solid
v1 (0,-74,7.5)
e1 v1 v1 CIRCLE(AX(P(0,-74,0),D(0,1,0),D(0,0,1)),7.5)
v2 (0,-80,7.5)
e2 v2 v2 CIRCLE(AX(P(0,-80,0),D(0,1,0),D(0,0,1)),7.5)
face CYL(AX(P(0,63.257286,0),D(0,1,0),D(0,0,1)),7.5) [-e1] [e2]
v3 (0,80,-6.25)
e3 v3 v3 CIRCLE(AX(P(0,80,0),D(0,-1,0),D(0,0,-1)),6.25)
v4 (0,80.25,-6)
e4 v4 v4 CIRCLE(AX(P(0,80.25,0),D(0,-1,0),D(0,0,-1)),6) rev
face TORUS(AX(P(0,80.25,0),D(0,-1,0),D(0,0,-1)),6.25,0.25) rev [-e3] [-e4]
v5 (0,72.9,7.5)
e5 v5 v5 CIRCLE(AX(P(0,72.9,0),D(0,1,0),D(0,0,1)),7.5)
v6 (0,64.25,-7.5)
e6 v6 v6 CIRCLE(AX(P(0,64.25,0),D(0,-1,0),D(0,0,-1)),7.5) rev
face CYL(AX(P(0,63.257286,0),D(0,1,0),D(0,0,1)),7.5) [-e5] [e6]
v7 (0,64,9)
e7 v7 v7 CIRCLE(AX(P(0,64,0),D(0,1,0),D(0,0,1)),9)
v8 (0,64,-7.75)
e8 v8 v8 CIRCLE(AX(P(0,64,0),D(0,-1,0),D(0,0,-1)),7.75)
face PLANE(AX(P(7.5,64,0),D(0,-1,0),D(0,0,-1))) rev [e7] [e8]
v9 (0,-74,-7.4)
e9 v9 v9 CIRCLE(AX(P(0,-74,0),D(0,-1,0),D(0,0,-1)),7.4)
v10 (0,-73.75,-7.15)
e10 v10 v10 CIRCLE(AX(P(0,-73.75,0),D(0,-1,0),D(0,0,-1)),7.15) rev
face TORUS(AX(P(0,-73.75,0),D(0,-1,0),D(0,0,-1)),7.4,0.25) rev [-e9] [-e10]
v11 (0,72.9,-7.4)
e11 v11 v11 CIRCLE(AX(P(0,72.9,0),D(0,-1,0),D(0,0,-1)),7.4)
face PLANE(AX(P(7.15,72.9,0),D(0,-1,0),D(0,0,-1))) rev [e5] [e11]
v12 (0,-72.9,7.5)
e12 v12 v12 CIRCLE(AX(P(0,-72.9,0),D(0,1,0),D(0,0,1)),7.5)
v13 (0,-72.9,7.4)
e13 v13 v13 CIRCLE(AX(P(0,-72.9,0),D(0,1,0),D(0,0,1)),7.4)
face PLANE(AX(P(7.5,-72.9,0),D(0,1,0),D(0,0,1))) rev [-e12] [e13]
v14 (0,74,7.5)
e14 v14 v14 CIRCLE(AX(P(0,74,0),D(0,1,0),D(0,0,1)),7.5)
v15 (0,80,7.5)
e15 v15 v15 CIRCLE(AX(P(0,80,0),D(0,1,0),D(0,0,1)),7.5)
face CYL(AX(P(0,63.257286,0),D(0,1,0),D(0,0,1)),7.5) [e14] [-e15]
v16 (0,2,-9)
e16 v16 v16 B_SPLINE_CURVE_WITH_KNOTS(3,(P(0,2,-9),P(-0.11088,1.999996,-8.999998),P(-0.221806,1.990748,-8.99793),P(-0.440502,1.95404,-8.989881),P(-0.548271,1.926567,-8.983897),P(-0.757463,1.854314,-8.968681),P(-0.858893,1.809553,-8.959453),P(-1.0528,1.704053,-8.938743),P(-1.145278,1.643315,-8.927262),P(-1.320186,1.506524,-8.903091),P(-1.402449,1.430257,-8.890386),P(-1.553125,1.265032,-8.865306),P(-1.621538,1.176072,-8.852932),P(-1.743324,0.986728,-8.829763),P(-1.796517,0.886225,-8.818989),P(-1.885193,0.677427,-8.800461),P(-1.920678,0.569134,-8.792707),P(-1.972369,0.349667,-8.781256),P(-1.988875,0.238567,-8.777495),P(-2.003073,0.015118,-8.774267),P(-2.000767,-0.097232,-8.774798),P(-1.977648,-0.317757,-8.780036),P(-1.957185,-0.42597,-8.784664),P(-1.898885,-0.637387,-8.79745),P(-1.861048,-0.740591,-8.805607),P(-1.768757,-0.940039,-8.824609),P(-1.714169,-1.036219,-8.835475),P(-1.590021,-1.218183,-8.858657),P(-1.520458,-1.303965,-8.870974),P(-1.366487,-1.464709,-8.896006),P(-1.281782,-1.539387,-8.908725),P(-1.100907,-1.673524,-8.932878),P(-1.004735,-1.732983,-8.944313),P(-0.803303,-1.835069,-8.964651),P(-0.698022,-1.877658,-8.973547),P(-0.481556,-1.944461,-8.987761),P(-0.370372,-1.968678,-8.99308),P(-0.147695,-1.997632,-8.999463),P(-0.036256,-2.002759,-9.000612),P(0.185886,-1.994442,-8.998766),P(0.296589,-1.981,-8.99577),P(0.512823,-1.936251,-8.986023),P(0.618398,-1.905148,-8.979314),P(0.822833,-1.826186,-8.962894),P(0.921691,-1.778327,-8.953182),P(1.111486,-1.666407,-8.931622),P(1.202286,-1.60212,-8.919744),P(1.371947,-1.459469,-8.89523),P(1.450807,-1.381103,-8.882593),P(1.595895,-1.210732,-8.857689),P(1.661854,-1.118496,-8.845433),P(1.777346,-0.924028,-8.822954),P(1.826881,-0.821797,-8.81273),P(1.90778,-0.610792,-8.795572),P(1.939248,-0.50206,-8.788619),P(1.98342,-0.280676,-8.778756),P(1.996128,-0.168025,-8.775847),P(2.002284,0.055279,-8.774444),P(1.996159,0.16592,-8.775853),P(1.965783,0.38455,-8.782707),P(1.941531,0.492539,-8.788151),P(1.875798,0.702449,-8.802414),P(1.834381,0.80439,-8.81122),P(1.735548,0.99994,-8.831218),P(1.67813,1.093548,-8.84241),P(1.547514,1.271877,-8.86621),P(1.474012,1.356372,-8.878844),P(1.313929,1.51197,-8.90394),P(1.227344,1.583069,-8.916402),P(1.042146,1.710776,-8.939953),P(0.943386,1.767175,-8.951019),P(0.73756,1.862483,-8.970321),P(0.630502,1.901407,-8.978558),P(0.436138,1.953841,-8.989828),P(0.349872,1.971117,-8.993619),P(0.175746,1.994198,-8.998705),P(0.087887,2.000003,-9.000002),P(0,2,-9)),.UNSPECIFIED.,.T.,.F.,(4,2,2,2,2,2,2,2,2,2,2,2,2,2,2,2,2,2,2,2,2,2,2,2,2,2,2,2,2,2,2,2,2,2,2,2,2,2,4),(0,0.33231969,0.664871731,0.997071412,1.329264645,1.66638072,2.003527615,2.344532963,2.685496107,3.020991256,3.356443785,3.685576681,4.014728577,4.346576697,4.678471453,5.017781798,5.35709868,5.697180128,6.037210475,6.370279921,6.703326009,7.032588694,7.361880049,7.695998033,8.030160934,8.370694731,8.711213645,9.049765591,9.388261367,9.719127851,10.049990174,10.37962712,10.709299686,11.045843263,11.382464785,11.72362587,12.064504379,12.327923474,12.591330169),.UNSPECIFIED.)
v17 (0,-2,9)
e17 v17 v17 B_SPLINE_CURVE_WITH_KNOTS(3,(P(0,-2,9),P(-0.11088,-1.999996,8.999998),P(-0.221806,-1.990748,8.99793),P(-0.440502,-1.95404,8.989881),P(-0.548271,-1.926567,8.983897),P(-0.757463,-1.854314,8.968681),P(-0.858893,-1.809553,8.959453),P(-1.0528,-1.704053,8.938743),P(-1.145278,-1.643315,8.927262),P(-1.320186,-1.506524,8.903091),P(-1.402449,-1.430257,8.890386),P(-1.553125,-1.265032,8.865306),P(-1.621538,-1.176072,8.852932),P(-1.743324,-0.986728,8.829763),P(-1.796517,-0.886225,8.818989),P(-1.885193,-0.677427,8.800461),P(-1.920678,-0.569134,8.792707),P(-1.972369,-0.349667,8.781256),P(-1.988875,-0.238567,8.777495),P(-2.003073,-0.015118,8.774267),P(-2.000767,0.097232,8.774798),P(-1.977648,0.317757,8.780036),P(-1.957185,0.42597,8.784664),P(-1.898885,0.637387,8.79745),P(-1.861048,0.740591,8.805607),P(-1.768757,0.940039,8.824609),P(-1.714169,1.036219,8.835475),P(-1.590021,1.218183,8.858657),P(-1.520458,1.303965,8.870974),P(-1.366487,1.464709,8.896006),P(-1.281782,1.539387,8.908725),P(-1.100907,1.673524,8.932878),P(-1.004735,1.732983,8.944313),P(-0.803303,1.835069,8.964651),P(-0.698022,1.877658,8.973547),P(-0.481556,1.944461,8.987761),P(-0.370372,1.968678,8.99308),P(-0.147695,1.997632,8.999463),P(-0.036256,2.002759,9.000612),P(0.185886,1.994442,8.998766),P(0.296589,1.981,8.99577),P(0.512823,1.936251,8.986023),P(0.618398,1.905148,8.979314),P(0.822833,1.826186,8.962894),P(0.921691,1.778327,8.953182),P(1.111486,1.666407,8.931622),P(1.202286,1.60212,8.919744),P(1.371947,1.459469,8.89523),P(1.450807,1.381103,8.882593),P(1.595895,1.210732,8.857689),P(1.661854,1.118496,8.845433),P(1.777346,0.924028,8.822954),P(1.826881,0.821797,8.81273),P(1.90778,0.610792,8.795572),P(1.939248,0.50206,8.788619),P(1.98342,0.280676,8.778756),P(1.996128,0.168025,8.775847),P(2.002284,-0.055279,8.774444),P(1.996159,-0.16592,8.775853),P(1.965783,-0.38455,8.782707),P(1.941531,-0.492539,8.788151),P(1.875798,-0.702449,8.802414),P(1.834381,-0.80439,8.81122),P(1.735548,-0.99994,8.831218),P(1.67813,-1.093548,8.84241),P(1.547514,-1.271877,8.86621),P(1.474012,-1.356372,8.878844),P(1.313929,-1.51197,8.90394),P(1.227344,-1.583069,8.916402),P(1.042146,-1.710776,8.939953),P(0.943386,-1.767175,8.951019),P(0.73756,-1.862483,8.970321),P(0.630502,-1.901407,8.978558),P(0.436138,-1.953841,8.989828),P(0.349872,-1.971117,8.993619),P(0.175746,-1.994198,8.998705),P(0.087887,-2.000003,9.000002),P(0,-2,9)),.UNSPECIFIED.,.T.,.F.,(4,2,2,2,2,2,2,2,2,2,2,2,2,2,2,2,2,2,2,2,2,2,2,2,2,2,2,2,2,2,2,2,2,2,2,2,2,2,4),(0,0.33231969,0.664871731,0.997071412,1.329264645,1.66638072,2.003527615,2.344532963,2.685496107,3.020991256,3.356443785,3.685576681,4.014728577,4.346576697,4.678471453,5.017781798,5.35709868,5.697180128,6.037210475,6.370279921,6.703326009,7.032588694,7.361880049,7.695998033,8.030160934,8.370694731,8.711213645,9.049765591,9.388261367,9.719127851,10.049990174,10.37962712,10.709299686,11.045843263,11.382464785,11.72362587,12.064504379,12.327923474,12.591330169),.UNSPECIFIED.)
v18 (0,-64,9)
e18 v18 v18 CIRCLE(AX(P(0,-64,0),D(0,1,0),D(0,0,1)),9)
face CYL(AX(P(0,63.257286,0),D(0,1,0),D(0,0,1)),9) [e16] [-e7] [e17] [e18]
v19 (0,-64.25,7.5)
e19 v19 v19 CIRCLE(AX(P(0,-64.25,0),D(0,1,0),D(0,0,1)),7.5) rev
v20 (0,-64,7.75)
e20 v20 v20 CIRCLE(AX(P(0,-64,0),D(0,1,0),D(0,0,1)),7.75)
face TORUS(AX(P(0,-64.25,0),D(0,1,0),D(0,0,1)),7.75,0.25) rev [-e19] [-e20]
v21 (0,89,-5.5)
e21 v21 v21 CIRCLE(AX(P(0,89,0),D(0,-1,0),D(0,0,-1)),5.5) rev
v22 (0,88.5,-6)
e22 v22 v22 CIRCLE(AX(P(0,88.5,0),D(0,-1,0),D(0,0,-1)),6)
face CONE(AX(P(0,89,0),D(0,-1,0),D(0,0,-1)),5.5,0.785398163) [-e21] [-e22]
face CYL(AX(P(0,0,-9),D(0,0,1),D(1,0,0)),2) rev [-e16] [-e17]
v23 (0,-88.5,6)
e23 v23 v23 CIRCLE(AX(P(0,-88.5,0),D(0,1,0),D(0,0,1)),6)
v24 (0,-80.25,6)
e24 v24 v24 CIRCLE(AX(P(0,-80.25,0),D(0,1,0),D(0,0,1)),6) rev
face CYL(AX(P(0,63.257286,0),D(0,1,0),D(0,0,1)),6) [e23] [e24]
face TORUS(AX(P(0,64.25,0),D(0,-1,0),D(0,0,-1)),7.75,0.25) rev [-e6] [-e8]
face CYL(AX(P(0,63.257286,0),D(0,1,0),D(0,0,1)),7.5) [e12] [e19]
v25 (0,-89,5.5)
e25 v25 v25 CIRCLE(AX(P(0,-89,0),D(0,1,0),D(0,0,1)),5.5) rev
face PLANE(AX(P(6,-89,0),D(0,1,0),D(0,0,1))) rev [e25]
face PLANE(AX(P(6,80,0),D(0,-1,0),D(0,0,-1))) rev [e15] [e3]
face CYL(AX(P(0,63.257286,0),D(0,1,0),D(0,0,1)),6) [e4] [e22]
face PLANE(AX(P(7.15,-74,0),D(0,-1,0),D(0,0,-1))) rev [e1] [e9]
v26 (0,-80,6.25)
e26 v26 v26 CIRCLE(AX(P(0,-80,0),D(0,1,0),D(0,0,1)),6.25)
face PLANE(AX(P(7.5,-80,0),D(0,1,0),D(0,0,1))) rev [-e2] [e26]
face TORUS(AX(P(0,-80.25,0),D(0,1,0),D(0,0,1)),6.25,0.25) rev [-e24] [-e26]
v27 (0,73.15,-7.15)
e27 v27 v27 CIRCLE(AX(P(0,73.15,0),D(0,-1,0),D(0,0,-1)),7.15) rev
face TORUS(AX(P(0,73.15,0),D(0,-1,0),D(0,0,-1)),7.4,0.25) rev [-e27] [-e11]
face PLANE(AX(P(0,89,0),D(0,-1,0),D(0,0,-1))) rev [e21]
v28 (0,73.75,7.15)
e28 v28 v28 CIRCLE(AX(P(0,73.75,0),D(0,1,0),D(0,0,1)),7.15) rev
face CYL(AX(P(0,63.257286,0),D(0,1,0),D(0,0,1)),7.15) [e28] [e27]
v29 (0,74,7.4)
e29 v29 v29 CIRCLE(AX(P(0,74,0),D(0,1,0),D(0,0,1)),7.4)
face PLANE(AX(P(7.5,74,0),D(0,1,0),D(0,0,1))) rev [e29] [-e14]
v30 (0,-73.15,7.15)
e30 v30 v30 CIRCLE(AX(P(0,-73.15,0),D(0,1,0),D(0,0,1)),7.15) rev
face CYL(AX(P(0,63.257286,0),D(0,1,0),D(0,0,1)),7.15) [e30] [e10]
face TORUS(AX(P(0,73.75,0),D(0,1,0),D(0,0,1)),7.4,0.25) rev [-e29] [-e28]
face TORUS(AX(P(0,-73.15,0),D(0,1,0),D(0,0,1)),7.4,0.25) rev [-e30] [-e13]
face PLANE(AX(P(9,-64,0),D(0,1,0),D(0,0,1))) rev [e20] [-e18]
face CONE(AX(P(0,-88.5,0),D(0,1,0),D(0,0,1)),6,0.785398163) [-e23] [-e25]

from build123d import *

# Parameters (mm, degrees)
CUT_EXTRUDE2_DEPTH      = 90.905505949
CUT_EXTRUDE2_DEPTH_BACK = 90.905505949
SKETCH3_R               = 2
FILLET1_R               = 0.25
CHAMFER1_SIZE           = 0.5


with BuildPart() as part:
    # Sketch1 → Revolve1 (revolve)
    with BuildSketch(Plane.XY, mode=Mode.PRIVATE) as revolve1_sk:
        Polygon((0, 89), (6, 89), (6, 80), (7.5, 80), (7.5, 74), (7.15, 74), (7.15, 72.9), (7.5, 72.9), (7.5, 64), (9, 64), (9, -64), (7.5, -64), (7.5, -72.9), (7.15, -72.9), (7.15, -74), (7.5, -74), (7.5, -80), (6, -80), (6, -89), (0, -89), align=None)
    revolve(revolve1_sk.sketch.rotate(Axis((0, 63.257285949, 0), (0, -1, 0)), 90), axis=Axis((0, 63.257285949, 0), (0, -1, 0)))

    # Sketch3 → Cut-Extrude2 (cut, two sides: drawn at the far end of the back side and taken through both)
    with BuildSketch(Plane.XY.offset(-CUT_EXTRUDE2_DEPTH_BACK)):
        with Locations(Location((0, 0, 0), (0, 0, 90))):
            Circle(SKETCH3_R)
    extrude(amount=CUT_EXTRUDE2_DEPTH + CUT_EXTRUDE2_DEPTH_BACK, mode=Mode.SUBTRACT)

    # Fillet1
    fillet1_edges = [part.edges().sort_by_distance(p)[0] for p in [
        (0, -80, -6),
        (0, -74, -7.15),
        (0, -72.9, -7.15),
        (0, -64, -7.5),
        (0, 64, -7.5),
        (0, 72.9, -7.15),
        (0, 74, -7.15),
        (0, 80, -6),
    ]]
    fillet(fillet1_edges, radius=FILLET1_R)

    # Chamfer1
    chamfer1_edges = [part.edges().sort_by_distance(p)[0] for p in [
        (0, -89, -6),
        (0, 89, -6),
    ]]
    chamfer(chamfer1_edges, length=CHAMFER1_SIZE)


solid = part.part
